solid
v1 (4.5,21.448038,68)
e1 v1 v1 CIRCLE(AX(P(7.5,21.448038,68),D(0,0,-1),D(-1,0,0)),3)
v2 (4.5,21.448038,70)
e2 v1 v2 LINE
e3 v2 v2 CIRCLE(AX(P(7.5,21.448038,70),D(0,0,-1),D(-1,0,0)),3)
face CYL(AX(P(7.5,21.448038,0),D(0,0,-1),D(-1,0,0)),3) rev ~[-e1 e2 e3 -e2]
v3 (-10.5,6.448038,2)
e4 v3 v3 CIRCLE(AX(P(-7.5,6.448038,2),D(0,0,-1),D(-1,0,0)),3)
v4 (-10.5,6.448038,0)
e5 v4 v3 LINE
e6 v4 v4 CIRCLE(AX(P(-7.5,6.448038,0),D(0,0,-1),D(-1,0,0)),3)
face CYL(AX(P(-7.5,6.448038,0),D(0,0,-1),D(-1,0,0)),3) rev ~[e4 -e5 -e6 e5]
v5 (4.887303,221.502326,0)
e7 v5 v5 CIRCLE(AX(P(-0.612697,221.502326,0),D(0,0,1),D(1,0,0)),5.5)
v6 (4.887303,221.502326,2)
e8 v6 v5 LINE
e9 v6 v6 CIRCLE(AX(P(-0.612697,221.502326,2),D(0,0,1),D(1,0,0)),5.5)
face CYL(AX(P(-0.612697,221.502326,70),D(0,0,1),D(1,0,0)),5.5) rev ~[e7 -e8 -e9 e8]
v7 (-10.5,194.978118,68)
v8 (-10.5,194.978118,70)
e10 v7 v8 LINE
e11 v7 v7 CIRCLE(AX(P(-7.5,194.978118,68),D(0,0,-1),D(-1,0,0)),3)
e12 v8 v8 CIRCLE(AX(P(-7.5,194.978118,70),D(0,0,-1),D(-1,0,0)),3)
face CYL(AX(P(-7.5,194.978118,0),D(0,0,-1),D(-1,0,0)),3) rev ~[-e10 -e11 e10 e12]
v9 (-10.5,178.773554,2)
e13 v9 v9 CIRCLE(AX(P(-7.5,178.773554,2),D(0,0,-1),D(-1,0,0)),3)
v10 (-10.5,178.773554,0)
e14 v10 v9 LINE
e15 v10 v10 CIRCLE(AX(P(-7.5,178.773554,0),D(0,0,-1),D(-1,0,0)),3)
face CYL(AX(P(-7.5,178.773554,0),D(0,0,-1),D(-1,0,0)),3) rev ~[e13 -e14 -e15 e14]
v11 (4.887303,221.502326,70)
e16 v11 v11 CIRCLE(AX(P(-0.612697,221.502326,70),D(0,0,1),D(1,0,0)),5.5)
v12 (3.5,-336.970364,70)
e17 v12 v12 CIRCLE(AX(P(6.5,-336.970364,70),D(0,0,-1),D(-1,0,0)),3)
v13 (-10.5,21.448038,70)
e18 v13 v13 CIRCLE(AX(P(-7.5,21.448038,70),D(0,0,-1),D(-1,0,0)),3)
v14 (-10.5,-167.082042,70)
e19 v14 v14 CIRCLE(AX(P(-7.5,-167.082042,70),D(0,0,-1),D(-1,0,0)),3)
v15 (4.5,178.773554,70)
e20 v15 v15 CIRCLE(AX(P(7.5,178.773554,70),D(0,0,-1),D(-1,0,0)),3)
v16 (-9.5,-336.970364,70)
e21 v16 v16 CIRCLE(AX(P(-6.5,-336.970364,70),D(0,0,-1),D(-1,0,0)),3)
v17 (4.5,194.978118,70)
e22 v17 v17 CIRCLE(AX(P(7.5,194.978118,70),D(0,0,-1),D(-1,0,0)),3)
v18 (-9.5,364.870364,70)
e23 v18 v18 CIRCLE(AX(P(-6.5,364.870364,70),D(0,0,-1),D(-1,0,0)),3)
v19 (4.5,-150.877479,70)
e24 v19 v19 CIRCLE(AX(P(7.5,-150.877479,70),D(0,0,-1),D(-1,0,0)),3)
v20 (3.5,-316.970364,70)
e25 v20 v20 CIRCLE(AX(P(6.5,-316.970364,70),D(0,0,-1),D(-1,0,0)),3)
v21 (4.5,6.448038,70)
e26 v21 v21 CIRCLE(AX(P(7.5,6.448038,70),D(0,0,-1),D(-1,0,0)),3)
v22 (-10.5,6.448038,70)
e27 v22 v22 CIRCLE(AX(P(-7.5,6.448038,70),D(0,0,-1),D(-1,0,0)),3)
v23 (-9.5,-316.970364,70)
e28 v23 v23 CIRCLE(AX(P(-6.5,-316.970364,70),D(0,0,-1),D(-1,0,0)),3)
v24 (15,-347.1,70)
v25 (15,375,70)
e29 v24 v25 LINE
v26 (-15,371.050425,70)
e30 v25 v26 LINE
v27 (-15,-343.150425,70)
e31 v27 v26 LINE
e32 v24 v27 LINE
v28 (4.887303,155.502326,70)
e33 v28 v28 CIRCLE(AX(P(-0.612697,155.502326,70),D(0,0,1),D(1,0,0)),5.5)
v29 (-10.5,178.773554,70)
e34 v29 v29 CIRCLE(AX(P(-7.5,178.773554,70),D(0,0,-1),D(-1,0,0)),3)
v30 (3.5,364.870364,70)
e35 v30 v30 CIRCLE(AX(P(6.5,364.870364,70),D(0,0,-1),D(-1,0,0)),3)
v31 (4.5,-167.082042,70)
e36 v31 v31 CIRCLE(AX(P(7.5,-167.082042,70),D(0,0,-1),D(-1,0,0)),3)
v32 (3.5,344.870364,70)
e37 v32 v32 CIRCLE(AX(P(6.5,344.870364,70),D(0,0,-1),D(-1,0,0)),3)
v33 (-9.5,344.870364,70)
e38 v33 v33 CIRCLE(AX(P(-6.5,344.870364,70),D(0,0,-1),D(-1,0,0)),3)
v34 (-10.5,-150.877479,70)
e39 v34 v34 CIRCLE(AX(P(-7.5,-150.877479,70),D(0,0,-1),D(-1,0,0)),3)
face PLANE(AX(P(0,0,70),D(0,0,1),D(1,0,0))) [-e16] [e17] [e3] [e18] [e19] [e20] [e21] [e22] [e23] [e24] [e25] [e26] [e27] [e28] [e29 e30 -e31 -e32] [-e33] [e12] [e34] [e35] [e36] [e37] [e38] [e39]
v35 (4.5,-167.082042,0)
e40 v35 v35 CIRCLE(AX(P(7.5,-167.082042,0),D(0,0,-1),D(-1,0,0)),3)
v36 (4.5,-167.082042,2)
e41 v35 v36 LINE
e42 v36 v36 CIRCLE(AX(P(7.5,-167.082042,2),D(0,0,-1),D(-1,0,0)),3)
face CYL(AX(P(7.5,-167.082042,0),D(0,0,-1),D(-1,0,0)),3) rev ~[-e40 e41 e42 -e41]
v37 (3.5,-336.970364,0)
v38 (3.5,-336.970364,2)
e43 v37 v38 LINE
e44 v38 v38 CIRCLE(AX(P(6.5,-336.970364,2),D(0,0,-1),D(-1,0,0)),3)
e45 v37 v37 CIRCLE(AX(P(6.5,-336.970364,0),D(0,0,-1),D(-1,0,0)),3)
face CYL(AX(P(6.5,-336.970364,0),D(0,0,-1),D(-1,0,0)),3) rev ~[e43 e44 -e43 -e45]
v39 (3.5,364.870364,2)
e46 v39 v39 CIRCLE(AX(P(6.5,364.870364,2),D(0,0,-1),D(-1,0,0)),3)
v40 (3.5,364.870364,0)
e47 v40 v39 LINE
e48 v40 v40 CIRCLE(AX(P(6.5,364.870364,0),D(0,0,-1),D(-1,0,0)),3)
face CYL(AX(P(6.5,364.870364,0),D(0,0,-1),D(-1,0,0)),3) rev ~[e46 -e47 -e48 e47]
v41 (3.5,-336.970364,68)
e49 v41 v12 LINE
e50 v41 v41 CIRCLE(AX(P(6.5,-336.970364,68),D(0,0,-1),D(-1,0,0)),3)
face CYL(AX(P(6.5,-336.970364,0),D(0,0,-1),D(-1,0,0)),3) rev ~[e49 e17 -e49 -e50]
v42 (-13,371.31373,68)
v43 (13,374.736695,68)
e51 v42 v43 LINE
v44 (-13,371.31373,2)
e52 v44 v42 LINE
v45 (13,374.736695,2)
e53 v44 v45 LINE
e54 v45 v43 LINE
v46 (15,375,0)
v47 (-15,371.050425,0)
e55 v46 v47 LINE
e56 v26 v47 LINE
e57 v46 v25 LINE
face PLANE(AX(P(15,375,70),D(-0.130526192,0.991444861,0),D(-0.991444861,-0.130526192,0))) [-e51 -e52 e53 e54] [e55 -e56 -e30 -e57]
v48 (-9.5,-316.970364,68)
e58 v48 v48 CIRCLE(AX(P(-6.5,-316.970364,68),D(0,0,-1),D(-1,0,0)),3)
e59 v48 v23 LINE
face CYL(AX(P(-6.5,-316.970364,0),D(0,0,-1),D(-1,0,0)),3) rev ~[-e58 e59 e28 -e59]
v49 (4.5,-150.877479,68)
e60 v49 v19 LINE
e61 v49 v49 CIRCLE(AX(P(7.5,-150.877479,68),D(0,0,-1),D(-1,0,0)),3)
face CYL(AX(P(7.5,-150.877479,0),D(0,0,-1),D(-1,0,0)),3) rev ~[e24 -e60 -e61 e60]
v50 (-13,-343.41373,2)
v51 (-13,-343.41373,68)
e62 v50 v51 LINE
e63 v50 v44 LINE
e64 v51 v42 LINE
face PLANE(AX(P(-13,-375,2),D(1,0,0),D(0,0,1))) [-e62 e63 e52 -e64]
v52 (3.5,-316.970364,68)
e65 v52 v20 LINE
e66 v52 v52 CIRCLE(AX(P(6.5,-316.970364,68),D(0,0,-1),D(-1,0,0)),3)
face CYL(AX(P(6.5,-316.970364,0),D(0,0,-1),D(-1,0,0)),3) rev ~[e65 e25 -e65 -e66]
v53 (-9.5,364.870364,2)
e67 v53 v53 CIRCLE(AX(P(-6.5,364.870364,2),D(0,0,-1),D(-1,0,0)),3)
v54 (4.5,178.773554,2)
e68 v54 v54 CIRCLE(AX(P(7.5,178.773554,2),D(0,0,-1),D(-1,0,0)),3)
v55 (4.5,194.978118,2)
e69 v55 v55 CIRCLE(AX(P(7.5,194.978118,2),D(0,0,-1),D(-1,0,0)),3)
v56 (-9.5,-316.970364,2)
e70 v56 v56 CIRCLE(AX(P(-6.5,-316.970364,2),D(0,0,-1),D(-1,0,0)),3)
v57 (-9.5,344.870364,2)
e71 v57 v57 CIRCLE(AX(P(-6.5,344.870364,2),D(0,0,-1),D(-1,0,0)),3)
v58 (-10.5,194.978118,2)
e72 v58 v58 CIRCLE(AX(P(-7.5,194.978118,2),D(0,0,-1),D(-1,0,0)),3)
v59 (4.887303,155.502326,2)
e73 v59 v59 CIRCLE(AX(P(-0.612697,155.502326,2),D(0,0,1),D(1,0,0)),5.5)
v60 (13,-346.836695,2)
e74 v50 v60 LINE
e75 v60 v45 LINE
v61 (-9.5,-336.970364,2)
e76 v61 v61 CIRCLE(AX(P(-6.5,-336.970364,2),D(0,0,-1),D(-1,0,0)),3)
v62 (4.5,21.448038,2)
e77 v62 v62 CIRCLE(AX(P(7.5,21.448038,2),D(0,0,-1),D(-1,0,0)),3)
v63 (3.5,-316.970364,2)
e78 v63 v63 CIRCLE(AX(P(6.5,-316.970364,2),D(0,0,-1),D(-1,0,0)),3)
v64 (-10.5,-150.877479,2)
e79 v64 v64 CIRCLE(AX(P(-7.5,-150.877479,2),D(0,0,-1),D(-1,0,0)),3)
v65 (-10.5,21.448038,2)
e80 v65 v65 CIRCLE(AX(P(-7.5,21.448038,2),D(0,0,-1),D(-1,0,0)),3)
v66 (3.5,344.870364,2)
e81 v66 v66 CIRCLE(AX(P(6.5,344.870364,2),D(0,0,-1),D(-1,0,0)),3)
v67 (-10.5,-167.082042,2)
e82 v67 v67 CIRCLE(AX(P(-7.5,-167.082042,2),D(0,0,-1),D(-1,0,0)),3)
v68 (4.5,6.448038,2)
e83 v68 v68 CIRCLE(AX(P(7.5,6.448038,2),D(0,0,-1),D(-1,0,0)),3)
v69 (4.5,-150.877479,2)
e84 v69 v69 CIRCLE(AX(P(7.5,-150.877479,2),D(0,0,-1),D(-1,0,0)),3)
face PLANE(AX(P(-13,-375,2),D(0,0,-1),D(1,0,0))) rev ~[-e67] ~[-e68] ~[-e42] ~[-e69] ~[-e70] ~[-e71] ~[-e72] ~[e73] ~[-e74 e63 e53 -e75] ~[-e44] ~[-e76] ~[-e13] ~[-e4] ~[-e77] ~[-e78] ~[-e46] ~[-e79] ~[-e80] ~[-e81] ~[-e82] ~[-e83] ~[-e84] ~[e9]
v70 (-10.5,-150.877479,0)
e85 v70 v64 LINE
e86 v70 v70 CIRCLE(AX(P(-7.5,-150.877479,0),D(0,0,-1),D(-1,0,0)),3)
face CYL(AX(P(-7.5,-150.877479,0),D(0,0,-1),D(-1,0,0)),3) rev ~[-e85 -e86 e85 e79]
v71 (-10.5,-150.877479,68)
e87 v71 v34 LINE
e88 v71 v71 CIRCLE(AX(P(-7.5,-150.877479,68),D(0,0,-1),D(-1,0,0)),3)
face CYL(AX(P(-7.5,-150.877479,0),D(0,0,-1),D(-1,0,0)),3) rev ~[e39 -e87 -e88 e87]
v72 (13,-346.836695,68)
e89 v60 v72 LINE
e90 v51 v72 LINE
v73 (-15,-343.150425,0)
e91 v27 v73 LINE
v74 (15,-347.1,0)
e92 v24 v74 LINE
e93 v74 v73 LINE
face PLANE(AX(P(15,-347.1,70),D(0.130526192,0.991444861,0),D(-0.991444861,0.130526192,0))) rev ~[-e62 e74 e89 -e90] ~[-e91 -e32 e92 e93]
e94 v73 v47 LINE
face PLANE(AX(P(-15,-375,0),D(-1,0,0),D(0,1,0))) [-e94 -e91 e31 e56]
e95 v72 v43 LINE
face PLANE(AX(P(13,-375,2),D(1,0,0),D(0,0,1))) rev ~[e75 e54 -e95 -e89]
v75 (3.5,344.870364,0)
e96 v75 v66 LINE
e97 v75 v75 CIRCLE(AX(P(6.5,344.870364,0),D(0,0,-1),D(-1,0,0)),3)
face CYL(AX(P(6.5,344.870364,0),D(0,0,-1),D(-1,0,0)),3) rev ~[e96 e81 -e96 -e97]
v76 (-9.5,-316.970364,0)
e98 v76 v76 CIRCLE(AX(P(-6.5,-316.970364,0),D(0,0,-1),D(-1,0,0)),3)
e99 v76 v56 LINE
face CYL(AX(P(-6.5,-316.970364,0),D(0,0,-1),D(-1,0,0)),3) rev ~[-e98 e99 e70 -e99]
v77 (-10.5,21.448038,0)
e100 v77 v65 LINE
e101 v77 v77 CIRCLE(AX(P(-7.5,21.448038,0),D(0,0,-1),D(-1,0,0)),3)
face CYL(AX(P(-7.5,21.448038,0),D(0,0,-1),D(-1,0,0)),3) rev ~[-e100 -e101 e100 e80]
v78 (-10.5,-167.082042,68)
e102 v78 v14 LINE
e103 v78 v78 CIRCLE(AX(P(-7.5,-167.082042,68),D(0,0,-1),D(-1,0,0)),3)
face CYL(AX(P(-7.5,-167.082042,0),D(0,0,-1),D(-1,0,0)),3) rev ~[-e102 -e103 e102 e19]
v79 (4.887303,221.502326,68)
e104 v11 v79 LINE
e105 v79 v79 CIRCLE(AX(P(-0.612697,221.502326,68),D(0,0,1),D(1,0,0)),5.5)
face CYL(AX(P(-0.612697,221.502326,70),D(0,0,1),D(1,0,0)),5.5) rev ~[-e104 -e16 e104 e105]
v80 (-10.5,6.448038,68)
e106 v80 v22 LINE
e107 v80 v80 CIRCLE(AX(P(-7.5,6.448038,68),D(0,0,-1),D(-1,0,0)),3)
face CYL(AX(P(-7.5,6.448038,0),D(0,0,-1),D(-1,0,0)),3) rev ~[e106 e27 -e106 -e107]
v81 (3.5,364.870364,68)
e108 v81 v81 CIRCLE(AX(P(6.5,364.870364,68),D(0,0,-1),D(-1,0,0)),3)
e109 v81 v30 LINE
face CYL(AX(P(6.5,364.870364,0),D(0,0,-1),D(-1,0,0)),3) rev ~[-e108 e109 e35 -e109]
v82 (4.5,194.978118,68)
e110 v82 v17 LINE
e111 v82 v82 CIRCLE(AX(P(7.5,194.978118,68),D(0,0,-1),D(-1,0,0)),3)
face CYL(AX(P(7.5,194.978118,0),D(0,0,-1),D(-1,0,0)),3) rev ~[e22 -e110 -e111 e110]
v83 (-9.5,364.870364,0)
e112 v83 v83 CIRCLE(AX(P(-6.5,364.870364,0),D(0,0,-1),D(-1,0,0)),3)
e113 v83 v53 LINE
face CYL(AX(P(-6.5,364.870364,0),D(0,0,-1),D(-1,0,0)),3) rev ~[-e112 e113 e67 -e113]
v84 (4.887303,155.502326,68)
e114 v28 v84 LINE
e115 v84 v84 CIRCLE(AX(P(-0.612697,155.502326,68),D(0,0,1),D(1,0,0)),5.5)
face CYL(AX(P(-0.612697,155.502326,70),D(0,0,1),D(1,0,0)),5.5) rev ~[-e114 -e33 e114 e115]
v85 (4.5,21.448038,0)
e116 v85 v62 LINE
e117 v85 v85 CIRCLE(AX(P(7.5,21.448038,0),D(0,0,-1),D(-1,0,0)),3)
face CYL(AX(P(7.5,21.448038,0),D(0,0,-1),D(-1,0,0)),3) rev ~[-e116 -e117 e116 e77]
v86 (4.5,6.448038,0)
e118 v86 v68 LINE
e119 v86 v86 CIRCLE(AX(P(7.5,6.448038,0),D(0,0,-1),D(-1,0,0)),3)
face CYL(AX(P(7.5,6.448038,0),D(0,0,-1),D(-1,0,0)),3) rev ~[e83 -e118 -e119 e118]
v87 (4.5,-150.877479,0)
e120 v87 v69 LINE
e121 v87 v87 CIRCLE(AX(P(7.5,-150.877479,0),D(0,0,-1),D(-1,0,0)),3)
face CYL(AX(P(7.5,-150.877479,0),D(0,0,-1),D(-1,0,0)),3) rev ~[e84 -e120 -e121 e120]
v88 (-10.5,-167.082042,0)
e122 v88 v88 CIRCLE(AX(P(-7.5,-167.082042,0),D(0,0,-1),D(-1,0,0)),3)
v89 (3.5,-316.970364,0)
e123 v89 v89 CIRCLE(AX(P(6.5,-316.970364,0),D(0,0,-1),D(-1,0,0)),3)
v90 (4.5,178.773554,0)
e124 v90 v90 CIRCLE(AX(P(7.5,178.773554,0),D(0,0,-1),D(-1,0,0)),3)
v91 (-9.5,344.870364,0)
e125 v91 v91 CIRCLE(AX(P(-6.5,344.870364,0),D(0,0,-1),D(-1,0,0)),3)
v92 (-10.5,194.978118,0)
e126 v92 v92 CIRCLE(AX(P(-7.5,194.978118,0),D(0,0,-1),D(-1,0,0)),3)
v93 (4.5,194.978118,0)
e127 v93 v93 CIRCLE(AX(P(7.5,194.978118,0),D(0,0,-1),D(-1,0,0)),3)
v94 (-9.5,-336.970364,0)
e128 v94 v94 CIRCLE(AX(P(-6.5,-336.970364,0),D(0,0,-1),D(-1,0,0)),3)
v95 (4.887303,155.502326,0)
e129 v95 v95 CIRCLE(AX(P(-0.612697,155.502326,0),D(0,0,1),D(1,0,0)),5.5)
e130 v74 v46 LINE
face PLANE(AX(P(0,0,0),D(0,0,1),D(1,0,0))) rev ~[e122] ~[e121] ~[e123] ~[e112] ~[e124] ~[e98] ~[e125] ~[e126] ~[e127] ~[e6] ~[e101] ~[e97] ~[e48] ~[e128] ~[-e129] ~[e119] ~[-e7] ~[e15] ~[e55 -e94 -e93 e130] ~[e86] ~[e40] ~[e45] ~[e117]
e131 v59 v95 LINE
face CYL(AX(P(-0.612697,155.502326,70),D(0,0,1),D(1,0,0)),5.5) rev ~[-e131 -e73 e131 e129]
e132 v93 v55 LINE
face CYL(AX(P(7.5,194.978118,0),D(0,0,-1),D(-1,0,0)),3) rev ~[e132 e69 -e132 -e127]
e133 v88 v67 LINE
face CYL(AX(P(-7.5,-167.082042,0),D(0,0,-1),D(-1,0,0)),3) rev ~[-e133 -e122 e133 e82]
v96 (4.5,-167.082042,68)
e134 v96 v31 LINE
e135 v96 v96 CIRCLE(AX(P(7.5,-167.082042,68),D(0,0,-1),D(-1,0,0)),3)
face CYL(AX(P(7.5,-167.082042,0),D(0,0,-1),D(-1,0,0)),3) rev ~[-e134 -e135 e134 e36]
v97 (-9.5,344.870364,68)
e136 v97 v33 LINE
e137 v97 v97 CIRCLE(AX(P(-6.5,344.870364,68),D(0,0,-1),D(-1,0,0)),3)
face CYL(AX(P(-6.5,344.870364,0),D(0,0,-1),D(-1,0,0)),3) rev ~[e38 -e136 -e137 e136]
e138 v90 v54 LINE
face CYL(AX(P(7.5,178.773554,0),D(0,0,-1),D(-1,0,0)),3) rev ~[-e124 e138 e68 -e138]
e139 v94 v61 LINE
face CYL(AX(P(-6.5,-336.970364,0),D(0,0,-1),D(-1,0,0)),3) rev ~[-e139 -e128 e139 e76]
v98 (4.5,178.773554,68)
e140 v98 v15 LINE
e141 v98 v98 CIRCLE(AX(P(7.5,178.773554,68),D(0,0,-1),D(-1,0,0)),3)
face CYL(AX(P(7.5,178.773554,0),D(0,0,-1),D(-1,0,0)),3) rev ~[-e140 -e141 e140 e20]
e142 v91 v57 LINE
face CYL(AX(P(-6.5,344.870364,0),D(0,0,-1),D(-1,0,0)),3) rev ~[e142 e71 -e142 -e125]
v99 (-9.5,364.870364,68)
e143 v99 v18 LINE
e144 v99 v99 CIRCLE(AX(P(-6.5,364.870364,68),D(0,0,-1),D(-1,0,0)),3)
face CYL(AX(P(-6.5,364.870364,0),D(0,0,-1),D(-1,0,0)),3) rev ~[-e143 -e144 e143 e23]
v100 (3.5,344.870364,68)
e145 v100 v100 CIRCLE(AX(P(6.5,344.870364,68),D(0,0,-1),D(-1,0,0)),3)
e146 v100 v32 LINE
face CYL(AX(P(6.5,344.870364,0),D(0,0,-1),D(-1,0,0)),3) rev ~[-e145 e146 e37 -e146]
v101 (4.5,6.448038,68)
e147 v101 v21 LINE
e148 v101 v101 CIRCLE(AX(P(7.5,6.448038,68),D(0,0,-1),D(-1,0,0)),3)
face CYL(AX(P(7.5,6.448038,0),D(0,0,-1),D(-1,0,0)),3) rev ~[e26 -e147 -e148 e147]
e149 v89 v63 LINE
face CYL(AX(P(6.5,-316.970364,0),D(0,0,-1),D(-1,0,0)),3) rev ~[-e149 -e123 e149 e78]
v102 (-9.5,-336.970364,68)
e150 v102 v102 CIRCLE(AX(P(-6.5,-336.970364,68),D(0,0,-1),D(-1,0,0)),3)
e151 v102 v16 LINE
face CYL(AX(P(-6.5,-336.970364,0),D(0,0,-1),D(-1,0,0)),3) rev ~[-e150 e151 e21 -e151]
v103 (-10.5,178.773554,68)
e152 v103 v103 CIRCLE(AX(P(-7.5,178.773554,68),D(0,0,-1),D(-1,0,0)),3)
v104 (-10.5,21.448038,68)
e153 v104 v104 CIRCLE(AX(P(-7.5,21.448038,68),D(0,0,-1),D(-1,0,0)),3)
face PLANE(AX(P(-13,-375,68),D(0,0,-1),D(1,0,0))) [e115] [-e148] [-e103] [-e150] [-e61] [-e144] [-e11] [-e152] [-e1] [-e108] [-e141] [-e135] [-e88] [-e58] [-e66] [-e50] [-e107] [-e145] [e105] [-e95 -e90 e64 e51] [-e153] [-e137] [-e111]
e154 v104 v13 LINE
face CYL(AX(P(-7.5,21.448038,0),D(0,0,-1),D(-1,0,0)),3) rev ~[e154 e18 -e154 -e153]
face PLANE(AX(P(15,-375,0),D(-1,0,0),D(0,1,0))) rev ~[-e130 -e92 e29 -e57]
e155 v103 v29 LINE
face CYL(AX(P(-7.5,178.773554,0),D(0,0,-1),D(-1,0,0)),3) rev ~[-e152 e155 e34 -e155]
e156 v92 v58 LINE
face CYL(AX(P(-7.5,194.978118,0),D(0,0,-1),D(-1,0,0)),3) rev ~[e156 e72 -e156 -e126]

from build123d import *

# Parameters (mm, degrees)
SKETCH_1_W          = 30
SKETCH_1_H          = 750
SKETCH_1_R          = 2
EXTRUDE_2_DEPTH     = 70
SKETCH_2_W          = 26
SKETCH_2_H          = 66
CUT_EXTRUDE_3_DEPTH = 754.408919512
CUT_EXTRUDE_4_DEPTH = 382.772183376
SKETCH_8_R          = 3
SKETCH_8_R_2        = 2
CUT_EXTRUDE_6_DEPTH = 382.772183376
SKETCH_9_R          = 5.5
CUT_EXTRUDE_7_DEPTH = 316


with BuildPart() as part:
    # 草图1 → 凸台-拉伸2 (new body)
    with BuildSketch(Plane.XY):
        Rectangle(SKETCH_1_W, SKETCH_1_H)
        with Locations((-7.5, 194.978117754)):
            Circle(SKETCH_1_R, mode=Mode.SUBTRACT)
        with Locations((7.5, 194.978117754)):
            Circle(SKETCH_1_R, mode=Mode.SUBTRACT)
        with Locations((-7.5, 178.773554479)):
            Circle(SKETCH_1_R, mode=Mode.SUBTRACT)
        with Locations((7.5, 178.773554479)):
            Circle(SKETCH_1_R, mode=Mode.SUBTRACT)
        with Locations((-7.5, -150.877478615)):
            Circle(SKETCH_1_R, mode=Mode.SUBTRACT)
        with Locations((7.5, -150.877478615)):
            Circle(SKETCH_1_R, mode=Mode.SUBTRACT)
        with Locations((-7.5, -167.08204189)):
            Circle(SKETCH_1_R, mode=Mode.SUBTRACT)
        with Locations((7.5, -167.08204189)):
            Circle(SKETCH_1_R, mode=Mode.SUBTRACT)
    extrude(amount=EXTRUDE_2_DEPTH)

    # 草图2 → 切除-拉伸3 (cut, through all)
    with BuildSketch(Plane.XZ.offset(375)):
        with Locations((0, 35)):
            Rectangle(SKETCH_2_W, SKETCH_2_H)
    extrude(amount=-CUT_EXTRUDE_3_DEPTH, mode=Mode.SUBTRACT)

    # 草图3 → 切除-拉伸4 (cut, through all)
    with BuildSketch(Plane.XY.offset(70)):
        Polygon((15, -375), (15, -347.1), (-15, -343.150425072), (-15, -375), align=None)
        Polygon((15, 377.040830045), (15, 375), (-15, 371.050425072), (-15, 377.040830045), align=None)
    extrude(amount=-CUT_EXTRUDE_4_DEPTH, mode=Mode.SUBTRACT)

    # 草图8 → 切除-拉伸6 (cut, through all)
    with BuildSketch(Plane(origin=(0, 0, 0), x_dir=(-1, 0, 0), z_dir=(0, 0, -1))):
        with Locations((6.5, 364.870363851)):
            Circle(SKETCH_8_R)
        with Locations((-6.5, 364.870363851)):
            Circle(SKETCH_8_R)
        with Locations((-6.5, 344.870363851)):
            Circle(SKETCH_8_R)
        with Locations((6.5, 344.870363851)):
            Circle(SKETCH_8_R)
        with Locations((-7.5, -150.877478615)):
            Circle(SKETCH_8_R)
        with Locations((-7.5, -150.877478615)):
            Circle(SKETCH_8_R_2, mode=Mode.SUBTRACT)
        with Locations((7.5, -150.877478615)):
            Circle(SKETCH_8_R)
        with Locations((7.5, -150.877478615)):
            Circle(SKETCH_8_R_2, mode=Mode.SUBTRACT)
        with Locations((7.5, -167.08204189)):
            Circle(SKETCH_8_R)
        with Locations((7.5, -167.08204189)):
            Circle(SKETCH_8_R_2, mode=Mode.SUBTRACT)
        with Locations((-7.5, -167.08204189)):
            Circle(SKETCH_8_R)
        with Locations((-7.5, -167.08204189)):
            Circle(SKETCH_8_R_2, mode=Mode.SUBTRACT)
        with Locations((-7.49999999, 21.448037931)):
            Circle(SKETCH_8_R)
        with Locations((7.50000001, 21.448037931)):
            Circle(SKETCH_8_R)
        with Locations((-7.49999999, 6.448037931)):
            Circle(SKETCH_8_R)
        with Locations((7.50000001, 6.448037931)):
            Circle(SKETCH_8_R)
        with Locations((-7.5, 194.978117754)):
            Circle(SKETCH_8_R)
        with Locations((-7.5, 194.978117754)):
            Circle(SKETCH_8_R_2, mode=Mode.SUBTRACT)
        with Locations((-7.5, 178.773554479)):
            Circle(SKETCH_8_R)
        with Locations((-7.5, 178.773554479)):
            Circle(SKETCH_8_R_2, mode=Mode.SUBTRACT)
        with Locations((7.5, 194.978117754)):
            Circle(SKETCH_8_R)
        with Locations((7.5, 194.978117754)):
            Circle(SKETCH_8_R_2, mode=Mode.SUBTRACT)
        with Locations((7.5, 178.773554479)):
            Circle(SKETCH_8_R)
        with Locations((7.5, 178.773554479)):
            Circle(SKETCH_8_R_2, mode=Mode.SUBTRACT)
        with Locations((6.5, -316.970363851)):
            Circle(SKETCH_8_R)
        with Locations((-6.5, -316.970363851)):
            Circle(SKETCH_8_R)
        with Locations((-6.5, -336.970363851)):
            Circle(SKETCH_8_R)
        with Locations((6.5, -336.970363851)):
            Circle(SKETCH_8_R)
    extrude(amount=-CUT_EXTRUDE_6_DEPTH, mode=Mode.SUBTRACT)

    # 草图9 → 切除-拉伸7 (cut)
    with BuildSketch(Plane.XY.offset(70)):
        with Locations((-0.612697266, 155.502325872)):
            Circle(SKETCH_9_R)
        with Locations((-0.612697266, 221.502325872)):
            Circle(SKETCH_9_R)
    extrude(amount=-CUT_EXTRUDE_7_DEPTH, mode=Mode.SUBTRACT)


solid = part.part
